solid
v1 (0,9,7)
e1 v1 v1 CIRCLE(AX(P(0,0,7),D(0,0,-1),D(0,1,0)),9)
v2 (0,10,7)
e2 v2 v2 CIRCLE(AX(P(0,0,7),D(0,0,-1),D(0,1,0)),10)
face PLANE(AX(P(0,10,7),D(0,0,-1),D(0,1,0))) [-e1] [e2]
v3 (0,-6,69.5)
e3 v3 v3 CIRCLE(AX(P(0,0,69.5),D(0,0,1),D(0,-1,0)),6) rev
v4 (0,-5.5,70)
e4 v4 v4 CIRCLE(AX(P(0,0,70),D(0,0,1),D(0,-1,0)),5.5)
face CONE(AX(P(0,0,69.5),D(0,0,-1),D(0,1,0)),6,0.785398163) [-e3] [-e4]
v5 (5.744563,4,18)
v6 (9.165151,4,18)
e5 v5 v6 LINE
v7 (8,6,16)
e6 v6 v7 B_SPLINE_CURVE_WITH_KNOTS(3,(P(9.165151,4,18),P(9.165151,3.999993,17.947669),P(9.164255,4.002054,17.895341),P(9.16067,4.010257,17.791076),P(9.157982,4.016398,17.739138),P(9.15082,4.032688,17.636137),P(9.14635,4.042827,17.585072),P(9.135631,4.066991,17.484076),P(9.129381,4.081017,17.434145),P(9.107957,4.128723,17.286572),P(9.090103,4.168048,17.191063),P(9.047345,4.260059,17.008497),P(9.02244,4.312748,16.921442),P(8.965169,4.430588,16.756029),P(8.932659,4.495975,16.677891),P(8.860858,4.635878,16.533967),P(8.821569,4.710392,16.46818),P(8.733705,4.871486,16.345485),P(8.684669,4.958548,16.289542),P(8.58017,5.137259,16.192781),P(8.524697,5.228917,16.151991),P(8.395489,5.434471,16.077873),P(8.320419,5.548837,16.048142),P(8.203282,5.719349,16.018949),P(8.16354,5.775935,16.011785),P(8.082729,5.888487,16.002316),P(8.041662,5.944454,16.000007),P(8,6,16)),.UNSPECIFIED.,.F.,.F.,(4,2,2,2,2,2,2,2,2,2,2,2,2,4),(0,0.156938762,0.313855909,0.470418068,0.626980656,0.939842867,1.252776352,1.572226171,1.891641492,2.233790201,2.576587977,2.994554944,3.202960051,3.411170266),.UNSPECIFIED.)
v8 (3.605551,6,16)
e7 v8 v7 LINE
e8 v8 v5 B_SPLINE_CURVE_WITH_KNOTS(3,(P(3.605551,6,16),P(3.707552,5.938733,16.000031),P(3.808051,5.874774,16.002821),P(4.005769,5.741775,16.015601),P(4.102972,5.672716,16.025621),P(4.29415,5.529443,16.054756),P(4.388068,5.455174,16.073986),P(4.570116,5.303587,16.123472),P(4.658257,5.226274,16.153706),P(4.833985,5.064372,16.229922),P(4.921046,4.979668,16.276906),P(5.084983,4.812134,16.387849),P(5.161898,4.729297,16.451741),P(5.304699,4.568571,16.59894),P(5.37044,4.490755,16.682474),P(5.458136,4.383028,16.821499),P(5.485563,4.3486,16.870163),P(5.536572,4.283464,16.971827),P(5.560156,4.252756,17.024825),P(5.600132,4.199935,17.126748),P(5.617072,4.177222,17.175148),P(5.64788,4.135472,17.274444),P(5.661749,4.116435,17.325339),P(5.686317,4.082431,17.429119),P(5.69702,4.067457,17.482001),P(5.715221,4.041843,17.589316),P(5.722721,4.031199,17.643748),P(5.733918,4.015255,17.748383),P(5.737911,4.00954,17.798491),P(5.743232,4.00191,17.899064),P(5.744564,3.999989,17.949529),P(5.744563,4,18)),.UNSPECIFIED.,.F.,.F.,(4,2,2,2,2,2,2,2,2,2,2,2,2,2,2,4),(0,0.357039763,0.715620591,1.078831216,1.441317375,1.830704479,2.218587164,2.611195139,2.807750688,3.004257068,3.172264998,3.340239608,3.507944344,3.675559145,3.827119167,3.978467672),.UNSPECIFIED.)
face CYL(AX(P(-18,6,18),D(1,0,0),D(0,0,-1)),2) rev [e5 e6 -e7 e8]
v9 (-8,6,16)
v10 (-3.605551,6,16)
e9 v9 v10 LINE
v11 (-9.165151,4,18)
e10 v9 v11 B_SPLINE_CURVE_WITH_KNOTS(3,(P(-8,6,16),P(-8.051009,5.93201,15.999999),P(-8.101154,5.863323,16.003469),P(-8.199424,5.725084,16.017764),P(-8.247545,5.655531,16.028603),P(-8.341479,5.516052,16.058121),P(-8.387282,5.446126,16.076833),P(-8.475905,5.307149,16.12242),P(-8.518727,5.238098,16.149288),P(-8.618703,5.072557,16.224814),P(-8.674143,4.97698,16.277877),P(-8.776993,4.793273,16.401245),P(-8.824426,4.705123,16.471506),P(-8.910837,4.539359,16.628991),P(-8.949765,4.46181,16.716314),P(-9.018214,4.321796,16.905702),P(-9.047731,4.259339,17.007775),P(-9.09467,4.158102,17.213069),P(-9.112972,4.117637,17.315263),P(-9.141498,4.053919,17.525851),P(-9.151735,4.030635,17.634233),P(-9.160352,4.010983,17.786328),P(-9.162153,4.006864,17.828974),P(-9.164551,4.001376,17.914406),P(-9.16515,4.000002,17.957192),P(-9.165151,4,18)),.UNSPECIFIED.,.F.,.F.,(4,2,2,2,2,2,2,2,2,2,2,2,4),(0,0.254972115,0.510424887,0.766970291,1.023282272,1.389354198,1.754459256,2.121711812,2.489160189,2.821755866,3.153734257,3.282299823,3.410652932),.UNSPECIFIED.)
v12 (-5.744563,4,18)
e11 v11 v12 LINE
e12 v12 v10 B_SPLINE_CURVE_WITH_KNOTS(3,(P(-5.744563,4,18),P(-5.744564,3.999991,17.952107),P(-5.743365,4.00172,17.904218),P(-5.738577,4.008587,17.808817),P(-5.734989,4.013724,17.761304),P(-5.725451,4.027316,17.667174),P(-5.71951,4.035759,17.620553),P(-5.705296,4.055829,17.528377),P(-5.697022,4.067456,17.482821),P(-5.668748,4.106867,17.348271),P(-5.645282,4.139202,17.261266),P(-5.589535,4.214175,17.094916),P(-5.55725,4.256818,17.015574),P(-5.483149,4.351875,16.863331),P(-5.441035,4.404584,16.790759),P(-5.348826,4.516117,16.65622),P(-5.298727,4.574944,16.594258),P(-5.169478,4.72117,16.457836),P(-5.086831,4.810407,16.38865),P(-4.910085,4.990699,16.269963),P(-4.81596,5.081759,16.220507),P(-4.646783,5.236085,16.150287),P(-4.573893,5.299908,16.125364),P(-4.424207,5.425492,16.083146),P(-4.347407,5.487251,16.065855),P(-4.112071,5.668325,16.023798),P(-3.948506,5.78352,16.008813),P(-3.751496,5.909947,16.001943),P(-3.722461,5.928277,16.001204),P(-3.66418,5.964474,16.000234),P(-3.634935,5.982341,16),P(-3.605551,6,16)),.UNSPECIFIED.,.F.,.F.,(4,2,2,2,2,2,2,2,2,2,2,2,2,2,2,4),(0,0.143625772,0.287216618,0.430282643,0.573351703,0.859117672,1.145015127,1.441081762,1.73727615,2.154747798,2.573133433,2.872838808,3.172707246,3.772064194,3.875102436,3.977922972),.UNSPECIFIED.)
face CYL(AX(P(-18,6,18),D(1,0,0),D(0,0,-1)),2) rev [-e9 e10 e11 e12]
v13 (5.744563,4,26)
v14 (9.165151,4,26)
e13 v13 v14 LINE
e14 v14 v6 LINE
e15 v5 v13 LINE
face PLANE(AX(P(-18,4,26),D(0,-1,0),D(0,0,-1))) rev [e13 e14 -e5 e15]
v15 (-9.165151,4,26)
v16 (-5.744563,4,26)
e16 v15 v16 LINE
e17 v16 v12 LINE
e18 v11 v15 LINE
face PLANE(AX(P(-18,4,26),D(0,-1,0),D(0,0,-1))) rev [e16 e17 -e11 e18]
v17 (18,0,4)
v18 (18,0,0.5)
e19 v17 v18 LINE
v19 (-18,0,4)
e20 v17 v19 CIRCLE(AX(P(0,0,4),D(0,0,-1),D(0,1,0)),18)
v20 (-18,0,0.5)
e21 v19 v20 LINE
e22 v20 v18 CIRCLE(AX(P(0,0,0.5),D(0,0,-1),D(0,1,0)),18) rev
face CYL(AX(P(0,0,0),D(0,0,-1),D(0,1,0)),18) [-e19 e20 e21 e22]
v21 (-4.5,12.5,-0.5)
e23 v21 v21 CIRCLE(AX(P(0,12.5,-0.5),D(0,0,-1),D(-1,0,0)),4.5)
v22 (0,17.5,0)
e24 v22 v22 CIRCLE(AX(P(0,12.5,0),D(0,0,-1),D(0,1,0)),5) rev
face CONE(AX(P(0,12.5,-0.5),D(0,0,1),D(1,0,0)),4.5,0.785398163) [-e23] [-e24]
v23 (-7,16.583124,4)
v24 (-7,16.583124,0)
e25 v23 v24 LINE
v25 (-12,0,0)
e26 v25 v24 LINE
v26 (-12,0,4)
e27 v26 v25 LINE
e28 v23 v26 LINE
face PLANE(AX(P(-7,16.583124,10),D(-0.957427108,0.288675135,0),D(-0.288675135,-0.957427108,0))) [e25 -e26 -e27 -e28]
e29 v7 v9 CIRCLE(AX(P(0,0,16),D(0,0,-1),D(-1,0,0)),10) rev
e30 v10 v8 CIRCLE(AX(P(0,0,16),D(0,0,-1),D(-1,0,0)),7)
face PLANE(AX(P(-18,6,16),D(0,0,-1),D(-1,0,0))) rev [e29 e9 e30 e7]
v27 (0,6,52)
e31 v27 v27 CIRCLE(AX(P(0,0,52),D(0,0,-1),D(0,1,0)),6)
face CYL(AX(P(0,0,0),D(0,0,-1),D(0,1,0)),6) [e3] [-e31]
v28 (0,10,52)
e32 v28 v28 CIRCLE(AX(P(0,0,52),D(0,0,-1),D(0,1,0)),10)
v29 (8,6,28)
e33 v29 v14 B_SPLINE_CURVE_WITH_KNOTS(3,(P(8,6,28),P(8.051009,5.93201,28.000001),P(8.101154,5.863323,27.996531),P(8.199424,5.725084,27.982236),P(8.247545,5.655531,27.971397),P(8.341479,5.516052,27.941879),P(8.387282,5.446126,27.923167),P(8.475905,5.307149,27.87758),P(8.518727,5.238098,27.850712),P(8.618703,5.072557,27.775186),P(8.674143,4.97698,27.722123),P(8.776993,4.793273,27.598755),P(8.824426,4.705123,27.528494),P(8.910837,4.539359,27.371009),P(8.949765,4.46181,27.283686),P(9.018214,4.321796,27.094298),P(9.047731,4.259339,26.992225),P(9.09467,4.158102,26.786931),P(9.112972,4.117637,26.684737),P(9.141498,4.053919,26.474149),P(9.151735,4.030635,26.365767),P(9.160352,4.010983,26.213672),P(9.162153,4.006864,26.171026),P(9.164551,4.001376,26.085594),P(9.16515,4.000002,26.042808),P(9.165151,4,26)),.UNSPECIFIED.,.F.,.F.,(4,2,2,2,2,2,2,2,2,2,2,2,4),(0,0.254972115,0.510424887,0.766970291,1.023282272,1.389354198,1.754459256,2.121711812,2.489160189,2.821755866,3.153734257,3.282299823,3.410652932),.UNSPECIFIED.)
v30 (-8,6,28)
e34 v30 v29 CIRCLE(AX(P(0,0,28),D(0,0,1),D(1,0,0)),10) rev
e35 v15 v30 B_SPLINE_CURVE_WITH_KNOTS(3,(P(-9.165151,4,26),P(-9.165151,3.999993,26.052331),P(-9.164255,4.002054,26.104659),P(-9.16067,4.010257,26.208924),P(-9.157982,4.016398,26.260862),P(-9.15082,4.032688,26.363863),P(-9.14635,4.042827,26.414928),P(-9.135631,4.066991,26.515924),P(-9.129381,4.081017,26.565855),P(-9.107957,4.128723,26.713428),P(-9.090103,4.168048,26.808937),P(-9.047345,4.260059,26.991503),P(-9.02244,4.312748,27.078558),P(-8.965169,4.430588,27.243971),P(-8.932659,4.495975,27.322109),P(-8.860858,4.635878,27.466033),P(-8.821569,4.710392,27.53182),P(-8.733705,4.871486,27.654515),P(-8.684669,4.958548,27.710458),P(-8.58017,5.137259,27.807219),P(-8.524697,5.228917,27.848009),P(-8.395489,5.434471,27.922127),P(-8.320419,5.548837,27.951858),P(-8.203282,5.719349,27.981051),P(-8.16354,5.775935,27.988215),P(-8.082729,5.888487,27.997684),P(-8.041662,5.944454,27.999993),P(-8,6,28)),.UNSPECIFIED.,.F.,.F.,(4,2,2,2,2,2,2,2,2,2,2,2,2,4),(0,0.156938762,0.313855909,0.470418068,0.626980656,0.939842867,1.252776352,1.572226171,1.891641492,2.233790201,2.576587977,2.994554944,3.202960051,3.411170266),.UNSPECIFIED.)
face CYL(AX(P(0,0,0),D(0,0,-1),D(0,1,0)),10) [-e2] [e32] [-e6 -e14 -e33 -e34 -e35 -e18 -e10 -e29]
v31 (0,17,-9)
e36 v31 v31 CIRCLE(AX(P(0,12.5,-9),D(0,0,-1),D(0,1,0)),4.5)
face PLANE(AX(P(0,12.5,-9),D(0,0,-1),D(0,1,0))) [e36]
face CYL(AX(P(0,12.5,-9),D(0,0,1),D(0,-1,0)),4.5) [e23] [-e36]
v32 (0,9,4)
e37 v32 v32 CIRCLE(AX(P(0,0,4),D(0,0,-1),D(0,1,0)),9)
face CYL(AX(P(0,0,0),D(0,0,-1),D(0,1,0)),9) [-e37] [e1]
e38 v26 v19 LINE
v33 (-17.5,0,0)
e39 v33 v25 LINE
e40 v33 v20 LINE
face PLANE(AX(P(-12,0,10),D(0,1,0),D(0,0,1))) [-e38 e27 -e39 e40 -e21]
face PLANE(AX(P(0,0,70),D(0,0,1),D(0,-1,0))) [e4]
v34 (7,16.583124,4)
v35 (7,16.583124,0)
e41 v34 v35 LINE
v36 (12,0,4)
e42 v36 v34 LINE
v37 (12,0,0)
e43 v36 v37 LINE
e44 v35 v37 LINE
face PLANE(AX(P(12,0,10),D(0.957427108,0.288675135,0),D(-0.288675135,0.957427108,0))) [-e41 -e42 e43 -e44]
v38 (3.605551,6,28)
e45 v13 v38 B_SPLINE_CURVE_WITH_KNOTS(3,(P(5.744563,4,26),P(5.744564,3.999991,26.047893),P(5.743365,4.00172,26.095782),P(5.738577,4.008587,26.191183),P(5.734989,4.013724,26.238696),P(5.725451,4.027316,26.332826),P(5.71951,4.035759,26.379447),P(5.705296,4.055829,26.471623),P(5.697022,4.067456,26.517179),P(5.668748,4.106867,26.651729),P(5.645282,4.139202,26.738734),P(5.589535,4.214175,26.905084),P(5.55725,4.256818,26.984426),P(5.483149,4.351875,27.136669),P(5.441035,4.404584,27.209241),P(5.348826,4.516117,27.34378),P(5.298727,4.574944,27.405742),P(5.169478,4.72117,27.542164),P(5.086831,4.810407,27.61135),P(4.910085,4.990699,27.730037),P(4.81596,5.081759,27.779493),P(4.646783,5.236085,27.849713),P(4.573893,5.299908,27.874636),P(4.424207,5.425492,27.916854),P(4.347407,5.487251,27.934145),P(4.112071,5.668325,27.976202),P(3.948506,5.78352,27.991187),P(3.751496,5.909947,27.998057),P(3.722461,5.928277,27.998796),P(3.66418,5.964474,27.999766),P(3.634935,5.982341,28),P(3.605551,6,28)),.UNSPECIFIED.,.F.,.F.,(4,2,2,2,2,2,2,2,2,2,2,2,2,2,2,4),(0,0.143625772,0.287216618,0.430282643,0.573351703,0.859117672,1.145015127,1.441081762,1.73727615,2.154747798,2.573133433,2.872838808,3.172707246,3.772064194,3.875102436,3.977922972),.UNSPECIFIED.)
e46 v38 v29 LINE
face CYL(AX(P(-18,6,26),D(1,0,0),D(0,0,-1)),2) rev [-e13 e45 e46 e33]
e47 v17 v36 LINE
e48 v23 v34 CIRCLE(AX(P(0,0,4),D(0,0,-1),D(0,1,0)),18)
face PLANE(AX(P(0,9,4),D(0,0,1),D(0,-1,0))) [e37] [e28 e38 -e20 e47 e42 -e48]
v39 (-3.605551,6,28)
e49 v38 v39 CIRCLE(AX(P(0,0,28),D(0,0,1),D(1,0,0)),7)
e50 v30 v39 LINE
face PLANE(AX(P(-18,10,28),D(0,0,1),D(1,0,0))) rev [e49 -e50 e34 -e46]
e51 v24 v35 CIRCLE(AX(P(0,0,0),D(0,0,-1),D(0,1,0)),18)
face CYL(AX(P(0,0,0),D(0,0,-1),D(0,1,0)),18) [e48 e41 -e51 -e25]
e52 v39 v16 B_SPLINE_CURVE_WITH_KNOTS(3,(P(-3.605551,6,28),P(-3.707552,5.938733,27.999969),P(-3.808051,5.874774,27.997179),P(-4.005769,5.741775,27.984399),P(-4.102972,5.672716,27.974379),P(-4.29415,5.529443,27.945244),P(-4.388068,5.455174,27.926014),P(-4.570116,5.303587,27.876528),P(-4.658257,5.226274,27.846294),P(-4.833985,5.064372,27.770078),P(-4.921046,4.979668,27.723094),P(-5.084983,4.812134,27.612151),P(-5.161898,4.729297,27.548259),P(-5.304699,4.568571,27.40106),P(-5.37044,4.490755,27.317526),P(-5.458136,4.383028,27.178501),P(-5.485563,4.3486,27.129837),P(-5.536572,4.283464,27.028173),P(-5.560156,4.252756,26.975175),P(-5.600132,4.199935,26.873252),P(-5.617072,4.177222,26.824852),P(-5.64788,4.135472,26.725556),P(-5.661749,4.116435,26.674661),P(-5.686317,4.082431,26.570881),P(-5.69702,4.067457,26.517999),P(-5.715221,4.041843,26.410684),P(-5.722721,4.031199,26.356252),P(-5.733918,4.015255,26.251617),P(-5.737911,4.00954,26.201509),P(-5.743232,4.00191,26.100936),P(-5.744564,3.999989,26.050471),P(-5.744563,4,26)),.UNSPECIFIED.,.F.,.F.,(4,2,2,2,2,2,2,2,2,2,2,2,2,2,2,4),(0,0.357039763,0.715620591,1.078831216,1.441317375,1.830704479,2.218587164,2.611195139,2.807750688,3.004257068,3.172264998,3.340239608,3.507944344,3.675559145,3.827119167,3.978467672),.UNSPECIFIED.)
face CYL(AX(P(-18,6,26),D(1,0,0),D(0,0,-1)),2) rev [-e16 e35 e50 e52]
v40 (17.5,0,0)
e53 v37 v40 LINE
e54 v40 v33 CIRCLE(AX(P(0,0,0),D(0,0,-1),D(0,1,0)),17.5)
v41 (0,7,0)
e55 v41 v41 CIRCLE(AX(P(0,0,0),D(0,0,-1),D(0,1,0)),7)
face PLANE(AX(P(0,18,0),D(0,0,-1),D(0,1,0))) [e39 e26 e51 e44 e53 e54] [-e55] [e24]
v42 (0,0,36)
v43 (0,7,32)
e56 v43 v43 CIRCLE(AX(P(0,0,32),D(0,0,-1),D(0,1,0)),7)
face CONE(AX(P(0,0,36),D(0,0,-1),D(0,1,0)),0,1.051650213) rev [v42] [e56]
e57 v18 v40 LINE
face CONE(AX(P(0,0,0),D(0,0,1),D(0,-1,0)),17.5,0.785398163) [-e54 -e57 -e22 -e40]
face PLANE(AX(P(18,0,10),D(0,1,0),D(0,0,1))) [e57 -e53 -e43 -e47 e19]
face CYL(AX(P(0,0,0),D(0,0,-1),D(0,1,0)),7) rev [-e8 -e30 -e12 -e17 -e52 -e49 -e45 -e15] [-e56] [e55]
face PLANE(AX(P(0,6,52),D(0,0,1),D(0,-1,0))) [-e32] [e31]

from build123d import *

# Parameters (mm, degrees)
ENL_V_MAT_EXTRU_1_DEPTH      = 19
ENL_V_MAT_EXTRU_1_DEPTH_BACK = 19
ESQUISSE4_OUTSIDE_W          = 55.312
ESQUISSE4_OUTSIDE_H          = 55.312
ENL_V_MAT_EXTRU_2_DEPTH      = 10
ESQUISSE5_R                  = 4.5
BOSS_EXTRU_1_DEPTH           = 9
CHANFREIN1_SIZE              = 0.5


with BuildPart() as part:
    # Esquisse2 → Révolution2 (revolve)
    with BuildSketch(Plane(origin=(0, 0, 0), x_dir=(0, 0, -1), z_dir=(1, 0, 0))):
        Polygon((-36, 0), (-70, 0), (-70, 6), (-52, 6), (-52, 10), (-7, 10), (-7, 9), (-4, 9), (-4, 18), (0, 18), (0, 7), (-32, 7), align=None)
    revolve(axis=Axis((0, 0, 0), (0, 0, 1)))

    # Esquisse3 → Enlèv. mat.-Extru.1 (cut, two sides)
    with BuildSketch(Plane(origin=(0, 0, 0), x_dir=(0, 0, -1), z_dir=(1, 0, 0))) as enl_v_mat_extru_1_sk:
        with BuildLine():
            Line((-16, 10), (-28, 10))
            Line((-28, 10), (-28, 6))
            ThreePointArc((-28, 6), (-27.414213562, 4.585786438), (-26, 4))
            Line((-26, 4), (-18, 4))
            ThreePointArc((-18, 4), (-16.585786438, 4.585786438), (-16, 6))
            Line((-16, 6), (-16, 10))
        make_face()
    extrude(amount=ENL_V_MAT_EXTRU_1_DEPTH, mode=Mode.SUBTRACT)
    extrude(enl_v_mat_extru_1_sk.sketch, amount=-ENL_V_MAT_EXTRU_1_DEPTH_BACK, mode=Mode.SUBTRACT)

    # Esquisse4 outside → Enlèv. mat.-Extru.2 (cut)
    with BuildSketch(Plane(origin=(0, 0, 0), x_dir=(-1, 0, 0), z_dir=(0, 0, -1))):
        Rectangle(ESQUISSE4_OUTSIDE_W, ESQUISSE4_OUTSIDE_H)
        with BuildLine():
            Line((-18, 0), (-12, 0))
            Line((-12, 0), (-7, 16.583123952))
            ThreePointArc((-7, 16.583123952), (0, 18), (7, 16.583123952))
            Line((7, 16.583123952), (12, 0))
            Line((12, 0), (18, 0))
            ThreePointArc((18, 0), (0, -18), (-18, 0))
        make_face(mode=Mode.SUBTRACT)
    extrude(amount=-ENL_V_MAT_EXTRU_2_DEPTH, mode=Mode.SUBTRACT)

    # Esquisse5 → Boss.-Extru.1 (add)
    with BuildSketch(Plane(origin=(0, 0, 0), x_dir=(-1, 0, 0), z_dir=(0, 0, -1))):
        with Locations((0, 12.5)):
            Circle(ESQUISSE5_R)
    extrude(amount=BOSS_EXTRU_1_DEPTH)

    # Chanfrein1
    chanfrein1_edges = [part.edges().sort_by_distance(p)[0] for p in [
        (4.5, 12.5, 0),
        (0, -6, 70),
        (0, -18, 0),
    ]]
    chamfer(chanfrein1_edges, length=CHANFREIN1_SIZE)


solid = part.part
